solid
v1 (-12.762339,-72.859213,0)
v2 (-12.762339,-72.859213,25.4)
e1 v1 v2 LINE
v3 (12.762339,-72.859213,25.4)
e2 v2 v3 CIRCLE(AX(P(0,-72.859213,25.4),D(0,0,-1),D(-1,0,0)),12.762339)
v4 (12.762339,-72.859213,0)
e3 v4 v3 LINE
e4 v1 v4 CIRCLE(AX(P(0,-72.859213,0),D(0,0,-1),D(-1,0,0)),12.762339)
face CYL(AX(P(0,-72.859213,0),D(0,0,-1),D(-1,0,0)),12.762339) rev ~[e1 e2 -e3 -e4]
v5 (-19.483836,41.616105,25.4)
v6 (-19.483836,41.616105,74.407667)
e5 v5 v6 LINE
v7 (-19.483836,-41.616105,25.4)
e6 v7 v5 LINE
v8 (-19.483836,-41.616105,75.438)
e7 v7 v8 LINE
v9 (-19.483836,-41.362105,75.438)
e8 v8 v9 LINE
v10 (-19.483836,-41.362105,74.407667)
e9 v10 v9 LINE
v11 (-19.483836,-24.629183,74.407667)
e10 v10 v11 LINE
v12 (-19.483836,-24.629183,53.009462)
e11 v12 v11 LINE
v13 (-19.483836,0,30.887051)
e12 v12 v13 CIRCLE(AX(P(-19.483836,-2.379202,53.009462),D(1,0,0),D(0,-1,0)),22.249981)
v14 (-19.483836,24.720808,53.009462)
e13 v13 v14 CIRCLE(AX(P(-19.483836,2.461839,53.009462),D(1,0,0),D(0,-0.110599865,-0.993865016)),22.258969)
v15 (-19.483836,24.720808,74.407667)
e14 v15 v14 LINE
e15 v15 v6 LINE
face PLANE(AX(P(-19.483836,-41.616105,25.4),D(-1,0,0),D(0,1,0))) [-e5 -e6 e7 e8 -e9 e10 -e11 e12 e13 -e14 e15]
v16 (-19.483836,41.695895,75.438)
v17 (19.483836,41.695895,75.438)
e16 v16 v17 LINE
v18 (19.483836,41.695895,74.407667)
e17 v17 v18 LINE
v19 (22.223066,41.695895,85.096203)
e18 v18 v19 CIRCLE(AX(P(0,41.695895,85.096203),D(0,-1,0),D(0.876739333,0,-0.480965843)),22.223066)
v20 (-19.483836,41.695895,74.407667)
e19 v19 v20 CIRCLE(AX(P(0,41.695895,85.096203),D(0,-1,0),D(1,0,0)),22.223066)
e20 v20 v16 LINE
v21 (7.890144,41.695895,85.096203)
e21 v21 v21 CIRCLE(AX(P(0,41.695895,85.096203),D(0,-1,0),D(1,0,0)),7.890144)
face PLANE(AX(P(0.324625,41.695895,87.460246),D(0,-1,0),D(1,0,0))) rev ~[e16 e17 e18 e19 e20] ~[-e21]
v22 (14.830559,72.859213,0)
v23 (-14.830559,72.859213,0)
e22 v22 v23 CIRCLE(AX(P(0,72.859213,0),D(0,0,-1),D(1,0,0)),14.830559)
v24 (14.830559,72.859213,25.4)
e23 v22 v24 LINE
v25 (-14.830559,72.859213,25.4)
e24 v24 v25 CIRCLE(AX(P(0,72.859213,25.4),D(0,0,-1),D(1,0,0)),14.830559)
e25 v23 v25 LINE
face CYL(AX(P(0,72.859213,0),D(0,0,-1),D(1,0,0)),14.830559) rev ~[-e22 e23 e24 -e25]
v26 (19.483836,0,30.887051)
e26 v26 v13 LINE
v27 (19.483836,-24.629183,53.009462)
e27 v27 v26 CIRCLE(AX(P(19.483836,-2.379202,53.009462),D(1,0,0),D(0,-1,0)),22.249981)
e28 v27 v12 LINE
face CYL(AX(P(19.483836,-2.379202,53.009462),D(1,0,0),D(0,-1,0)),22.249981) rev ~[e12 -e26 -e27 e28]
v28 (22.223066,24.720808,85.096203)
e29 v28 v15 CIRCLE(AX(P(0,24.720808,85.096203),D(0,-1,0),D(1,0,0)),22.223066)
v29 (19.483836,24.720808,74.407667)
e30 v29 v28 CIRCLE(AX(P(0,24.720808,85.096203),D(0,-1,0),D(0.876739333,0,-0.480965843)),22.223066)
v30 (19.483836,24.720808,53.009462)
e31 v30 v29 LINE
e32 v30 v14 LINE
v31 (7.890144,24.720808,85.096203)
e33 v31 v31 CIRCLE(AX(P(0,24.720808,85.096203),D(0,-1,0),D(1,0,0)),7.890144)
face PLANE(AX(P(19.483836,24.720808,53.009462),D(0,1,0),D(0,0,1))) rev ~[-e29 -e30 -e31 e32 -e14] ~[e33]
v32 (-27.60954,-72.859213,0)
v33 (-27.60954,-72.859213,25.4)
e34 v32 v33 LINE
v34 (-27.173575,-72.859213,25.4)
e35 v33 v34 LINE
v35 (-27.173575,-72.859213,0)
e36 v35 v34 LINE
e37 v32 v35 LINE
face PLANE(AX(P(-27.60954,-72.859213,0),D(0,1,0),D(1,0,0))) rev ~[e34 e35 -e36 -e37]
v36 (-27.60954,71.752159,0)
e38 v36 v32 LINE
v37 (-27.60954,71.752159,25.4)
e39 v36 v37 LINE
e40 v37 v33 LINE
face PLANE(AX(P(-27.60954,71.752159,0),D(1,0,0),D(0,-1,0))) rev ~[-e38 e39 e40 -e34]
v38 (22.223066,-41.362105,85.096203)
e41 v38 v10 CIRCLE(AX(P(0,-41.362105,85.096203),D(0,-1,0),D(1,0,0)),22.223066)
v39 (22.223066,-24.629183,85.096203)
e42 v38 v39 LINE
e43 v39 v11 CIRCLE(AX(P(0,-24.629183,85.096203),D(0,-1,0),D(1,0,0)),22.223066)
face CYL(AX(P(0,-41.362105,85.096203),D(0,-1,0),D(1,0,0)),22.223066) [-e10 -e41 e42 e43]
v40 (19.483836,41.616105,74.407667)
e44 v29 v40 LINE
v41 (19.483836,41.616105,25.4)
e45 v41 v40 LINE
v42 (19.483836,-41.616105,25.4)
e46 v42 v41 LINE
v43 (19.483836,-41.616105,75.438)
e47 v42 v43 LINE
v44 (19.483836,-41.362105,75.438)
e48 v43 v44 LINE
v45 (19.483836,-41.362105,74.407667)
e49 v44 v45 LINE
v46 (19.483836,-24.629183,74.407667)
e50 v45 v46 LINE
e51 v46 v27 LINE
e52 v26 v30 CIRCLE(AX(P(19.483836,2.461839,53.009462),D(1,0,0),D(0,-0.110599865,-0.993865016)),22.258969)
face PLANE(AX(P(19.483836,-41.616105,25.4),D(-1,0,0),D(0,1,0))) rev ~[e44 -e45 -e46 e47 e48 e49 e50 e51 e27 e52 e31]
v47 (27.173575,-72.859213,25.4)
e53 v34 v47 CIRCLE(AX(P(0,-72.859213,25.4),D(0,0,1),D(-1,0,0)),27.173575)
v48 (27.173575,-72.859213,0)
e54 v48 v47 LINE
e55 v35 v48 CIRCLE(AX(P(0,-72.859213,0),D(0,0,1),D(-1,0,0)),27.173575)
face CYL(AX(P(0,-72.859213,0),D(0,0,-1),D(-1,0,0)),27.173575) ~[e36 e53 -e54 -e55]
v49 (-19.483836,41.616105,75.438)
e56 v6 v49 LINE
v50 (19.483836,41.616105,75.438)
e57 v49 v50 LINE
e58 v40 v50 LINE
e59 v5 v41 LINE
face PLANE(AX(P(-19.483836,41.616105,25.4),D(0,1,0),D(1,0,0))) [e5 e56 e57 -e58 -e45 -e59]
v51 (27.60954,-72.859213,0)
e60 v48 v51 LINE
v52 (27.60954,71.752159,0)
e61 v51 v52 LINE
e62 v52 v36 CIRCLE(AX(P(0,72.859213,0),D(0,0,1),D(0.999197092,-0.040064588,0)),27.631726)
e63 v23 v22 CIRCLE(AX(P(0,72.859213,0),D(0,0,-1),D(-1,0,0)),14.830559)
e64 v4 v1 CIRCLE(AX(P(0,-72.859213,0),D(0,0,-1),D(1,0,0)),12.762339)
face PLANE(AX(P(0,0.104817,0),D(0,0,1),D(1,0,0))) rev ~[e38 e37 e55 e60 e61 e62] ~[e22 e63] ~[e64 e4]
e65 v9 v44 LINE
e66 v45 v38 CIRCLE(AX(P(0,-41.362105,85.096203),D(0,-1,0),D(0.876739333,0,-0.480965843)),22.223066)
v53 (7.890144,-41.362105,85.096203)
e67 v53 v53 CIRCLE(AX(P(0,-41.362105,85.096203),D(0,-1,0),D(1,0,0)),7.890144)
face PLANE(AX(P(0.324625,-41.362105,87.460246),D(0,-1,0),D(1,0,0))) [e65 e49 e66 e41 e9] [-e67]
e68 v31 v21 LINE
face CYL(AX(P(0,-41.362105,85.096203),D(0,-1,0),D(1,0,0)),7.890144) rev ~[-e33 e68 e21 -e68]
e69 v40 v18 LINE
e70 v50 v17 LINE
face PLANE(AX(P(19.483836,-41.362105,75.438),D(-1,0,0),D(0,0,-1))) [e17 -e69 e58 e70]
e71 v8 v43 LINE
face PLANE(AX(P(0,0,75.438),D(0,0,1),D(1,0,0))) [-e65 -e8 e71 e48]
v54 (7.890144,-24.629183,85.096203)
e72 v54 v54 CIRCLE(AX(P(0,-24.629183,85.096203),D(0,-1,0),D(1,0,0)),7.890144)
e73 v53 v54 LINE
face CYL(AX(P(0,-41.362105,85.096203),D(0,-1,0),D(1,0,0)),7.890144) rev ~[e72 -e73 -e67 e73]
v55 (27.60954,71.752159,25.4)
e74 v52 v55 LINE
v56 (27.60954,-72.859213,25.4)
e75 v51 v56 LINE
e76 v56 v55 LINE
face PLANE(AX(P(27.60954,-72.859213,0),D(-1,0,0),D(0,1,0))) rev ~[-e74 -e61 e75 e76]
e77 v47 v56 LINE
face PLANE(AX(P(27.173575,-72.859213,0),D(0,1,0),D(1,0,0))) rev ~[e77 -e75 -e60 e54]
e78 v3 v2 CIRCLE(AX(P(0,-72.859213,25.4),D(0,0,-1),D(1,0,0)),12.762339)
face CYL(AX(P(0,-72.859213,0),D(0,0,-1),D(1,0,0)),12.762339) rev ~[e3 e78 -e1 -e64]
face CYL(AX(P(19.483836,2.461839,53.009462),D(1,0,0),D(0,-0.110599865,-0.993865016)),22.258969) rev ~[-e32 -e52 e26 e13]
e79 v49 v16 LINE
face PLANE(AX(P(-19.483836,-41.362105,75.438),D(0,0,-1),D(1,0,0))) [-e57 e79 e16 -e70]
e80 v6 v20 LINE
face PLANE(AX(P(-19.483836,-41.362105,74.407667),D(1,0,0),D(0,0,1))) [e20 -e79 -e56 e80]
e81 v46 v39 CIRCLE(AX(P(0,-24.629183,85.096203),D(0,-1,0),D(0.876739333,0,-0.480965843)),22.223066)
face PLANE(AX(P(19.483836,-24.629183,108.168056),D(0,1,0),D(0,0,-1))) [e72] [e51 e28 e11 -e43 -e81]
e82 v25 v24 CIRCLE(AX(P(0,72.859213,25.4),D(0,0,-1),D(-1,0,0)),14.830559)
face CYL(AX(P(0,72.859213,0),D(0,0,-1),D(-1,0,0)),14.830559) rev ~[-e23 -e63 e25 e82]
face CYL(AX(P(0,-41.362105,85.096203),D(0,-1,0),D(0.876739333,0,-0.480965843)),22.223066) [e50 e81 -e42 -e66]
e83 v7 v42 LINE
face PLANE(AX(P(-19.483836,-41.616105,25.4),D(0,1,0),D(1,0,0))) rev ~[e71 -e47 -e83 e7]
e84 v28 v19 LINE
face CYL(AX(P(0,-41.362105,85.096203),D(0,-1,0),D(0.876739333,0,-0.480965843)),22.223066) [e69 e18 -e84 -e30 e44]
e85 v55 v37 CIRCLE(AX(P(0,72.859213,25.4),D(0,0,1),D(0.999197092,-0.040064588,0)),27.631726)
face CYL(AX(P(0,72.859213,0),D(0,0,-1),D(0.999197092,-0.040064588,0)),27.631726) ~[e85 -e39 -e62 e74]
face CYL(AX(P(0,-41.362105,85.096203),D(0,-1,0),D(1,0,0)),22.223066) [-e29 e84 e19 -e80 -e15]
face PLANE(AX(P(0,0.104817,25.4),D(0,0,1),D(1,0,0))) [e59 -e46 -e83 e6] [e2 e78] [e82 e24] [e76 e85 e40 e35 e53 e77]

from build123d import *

# Parameters (mm, degrees)
F1_DEPTH      = 25.4
F2_W          = 38.9676727355
F2_H          = 83.2322090864
F3_DEPTH      = 50.038
F6_START      = -0.254
F5_R          = 7.8901435138
F6_DEPTH      = 83.058
F8_DEPTH      = 47.1165622497
F8_DEPTH_BACK = 8.1488895142


with BuildPart() as f1:
    # F0 (on Top) → F1 (new body)
    with BuildSketch(Plane.XY):
        with BuildLine():
            Line((-27.6095401496, 71.7521590341), (-27.6095401496, -72.8592127562))
            Line((-27.6095401496, -72.8592127562), (-27.1735749765, -72.8592127562))
            ThreePointArc((-27.1735749765, -72.8592127562), (0, -100.0327877326), (27.1735749765, -72.8592127562))
            Line((27.1735749765, -72.8592127562), (27.6095401496, -72.8592127562))
            Line((27.6095401496, -72.8592127562), (27.6095401496, 71.7521590341))
            ThreePointArc((27.6095401496, 71.7521590341), (0, 100.4909386381), (-27.6095401496, 71.7521590341))
        make_face()
        with BuildLine():
            ThreePointArc((-12.7623392826, -72.8592127562), (0, -60.0968734736), (12.7623392826, -72.8592127562))
            ThreePointArc((12.7623392826, -72.8592127562), (0, -85.6215520387), (-12.7623392826, -72.8592127562))
        make_face(mode=Mode.SUBTRACT)
        with BuildLine():
            ThreePointArc((14.8305593579, 72.8592127562), (0, 58.0286533983), (-14.8305593579, 72.8592127562))
            ThreePointArc((-14.8305593579, 72.8592127562), (0, 87.689772114), (14.8305593579, 72.8592127562))
        make_face(mode=Mode.SUBTRACT)
    extrude(amount=F1_DEPTH)

    # F2 (on face) → F3 (join)
    with BuildSketch(Plane.XY.offset(25.4)):
        Rectangle(F2_W, F2_H)
    extrude(amount=F3_DEPTH)

    # F5 (on face) → F6 (join)
    with BuildSketch(Plane.XZ.offset(41.6161045432).offset(F6_START)):
        with BuildLine():
            ThreePointArc((19.4838363677, 74.4076669397), (21.5273694016, 79.5792249141), (22.2230663556, 85.0962027907))
            ThreePointArc((22.2230663556, 85.0962027907), (-5.5169778767, 106.6235721923), (-19.4838363677, 74.4076669397))
            Line((-19.4838363677, 74.4076669397), (-19.4838363677, 75.438))
            Line((-19.4838363677, 75.438), (19.4838363677, 75.438))
            Line((19.4838363677, 75.438), (19.4838363677, 74.4076669397))
        make_face()
        with Locations((0, 85.0962027907)):
            Circle(F5_R, mode=Mode.SUBTRACT)
    extrude(amount=-F6_DEPTH)

    # F7 (on face) → F8 (cut, two sides)
    with BuildSketch(Plane.YZ.offset(19.4838363677)) as f8_sk:
        with BuildLine():
            Line((24.7208084911, 53.0094616115), (24.7208084911, 74.4076669397))
            Line((24.7208084911, 74.4076669397), (-24.6291831136, 74.4076669397))
            Line((-24.6291831136, 74.4076669397), (-24.6291831136, 53.0094616115))
            ThreePointArc((-24.6291831136, 53.0094616115), (-17.2473636439, 36.4565333824), (0, 30.8870505542))
            ThreePointArc((0, 30.8870505542), (17.3054188168, 36.4224226696), (24.7208084911, 53.0094616115))
        make_face()
        Polygon((24.7208084911, 74.4076669397), (24.7208084911, 108.5037675067), (-24.6291831136, 108.1680555029), (-24.6291831136, 74.4076669397), align=None)
    extrude(amount=-F8_DEPTH, mode=Mode.SUBTRACT)
    extrude(f8_sk.sketch, amount=F8_DEPTH_BACK, mode=Mode.SUBTRACT)


solid = f1.part
